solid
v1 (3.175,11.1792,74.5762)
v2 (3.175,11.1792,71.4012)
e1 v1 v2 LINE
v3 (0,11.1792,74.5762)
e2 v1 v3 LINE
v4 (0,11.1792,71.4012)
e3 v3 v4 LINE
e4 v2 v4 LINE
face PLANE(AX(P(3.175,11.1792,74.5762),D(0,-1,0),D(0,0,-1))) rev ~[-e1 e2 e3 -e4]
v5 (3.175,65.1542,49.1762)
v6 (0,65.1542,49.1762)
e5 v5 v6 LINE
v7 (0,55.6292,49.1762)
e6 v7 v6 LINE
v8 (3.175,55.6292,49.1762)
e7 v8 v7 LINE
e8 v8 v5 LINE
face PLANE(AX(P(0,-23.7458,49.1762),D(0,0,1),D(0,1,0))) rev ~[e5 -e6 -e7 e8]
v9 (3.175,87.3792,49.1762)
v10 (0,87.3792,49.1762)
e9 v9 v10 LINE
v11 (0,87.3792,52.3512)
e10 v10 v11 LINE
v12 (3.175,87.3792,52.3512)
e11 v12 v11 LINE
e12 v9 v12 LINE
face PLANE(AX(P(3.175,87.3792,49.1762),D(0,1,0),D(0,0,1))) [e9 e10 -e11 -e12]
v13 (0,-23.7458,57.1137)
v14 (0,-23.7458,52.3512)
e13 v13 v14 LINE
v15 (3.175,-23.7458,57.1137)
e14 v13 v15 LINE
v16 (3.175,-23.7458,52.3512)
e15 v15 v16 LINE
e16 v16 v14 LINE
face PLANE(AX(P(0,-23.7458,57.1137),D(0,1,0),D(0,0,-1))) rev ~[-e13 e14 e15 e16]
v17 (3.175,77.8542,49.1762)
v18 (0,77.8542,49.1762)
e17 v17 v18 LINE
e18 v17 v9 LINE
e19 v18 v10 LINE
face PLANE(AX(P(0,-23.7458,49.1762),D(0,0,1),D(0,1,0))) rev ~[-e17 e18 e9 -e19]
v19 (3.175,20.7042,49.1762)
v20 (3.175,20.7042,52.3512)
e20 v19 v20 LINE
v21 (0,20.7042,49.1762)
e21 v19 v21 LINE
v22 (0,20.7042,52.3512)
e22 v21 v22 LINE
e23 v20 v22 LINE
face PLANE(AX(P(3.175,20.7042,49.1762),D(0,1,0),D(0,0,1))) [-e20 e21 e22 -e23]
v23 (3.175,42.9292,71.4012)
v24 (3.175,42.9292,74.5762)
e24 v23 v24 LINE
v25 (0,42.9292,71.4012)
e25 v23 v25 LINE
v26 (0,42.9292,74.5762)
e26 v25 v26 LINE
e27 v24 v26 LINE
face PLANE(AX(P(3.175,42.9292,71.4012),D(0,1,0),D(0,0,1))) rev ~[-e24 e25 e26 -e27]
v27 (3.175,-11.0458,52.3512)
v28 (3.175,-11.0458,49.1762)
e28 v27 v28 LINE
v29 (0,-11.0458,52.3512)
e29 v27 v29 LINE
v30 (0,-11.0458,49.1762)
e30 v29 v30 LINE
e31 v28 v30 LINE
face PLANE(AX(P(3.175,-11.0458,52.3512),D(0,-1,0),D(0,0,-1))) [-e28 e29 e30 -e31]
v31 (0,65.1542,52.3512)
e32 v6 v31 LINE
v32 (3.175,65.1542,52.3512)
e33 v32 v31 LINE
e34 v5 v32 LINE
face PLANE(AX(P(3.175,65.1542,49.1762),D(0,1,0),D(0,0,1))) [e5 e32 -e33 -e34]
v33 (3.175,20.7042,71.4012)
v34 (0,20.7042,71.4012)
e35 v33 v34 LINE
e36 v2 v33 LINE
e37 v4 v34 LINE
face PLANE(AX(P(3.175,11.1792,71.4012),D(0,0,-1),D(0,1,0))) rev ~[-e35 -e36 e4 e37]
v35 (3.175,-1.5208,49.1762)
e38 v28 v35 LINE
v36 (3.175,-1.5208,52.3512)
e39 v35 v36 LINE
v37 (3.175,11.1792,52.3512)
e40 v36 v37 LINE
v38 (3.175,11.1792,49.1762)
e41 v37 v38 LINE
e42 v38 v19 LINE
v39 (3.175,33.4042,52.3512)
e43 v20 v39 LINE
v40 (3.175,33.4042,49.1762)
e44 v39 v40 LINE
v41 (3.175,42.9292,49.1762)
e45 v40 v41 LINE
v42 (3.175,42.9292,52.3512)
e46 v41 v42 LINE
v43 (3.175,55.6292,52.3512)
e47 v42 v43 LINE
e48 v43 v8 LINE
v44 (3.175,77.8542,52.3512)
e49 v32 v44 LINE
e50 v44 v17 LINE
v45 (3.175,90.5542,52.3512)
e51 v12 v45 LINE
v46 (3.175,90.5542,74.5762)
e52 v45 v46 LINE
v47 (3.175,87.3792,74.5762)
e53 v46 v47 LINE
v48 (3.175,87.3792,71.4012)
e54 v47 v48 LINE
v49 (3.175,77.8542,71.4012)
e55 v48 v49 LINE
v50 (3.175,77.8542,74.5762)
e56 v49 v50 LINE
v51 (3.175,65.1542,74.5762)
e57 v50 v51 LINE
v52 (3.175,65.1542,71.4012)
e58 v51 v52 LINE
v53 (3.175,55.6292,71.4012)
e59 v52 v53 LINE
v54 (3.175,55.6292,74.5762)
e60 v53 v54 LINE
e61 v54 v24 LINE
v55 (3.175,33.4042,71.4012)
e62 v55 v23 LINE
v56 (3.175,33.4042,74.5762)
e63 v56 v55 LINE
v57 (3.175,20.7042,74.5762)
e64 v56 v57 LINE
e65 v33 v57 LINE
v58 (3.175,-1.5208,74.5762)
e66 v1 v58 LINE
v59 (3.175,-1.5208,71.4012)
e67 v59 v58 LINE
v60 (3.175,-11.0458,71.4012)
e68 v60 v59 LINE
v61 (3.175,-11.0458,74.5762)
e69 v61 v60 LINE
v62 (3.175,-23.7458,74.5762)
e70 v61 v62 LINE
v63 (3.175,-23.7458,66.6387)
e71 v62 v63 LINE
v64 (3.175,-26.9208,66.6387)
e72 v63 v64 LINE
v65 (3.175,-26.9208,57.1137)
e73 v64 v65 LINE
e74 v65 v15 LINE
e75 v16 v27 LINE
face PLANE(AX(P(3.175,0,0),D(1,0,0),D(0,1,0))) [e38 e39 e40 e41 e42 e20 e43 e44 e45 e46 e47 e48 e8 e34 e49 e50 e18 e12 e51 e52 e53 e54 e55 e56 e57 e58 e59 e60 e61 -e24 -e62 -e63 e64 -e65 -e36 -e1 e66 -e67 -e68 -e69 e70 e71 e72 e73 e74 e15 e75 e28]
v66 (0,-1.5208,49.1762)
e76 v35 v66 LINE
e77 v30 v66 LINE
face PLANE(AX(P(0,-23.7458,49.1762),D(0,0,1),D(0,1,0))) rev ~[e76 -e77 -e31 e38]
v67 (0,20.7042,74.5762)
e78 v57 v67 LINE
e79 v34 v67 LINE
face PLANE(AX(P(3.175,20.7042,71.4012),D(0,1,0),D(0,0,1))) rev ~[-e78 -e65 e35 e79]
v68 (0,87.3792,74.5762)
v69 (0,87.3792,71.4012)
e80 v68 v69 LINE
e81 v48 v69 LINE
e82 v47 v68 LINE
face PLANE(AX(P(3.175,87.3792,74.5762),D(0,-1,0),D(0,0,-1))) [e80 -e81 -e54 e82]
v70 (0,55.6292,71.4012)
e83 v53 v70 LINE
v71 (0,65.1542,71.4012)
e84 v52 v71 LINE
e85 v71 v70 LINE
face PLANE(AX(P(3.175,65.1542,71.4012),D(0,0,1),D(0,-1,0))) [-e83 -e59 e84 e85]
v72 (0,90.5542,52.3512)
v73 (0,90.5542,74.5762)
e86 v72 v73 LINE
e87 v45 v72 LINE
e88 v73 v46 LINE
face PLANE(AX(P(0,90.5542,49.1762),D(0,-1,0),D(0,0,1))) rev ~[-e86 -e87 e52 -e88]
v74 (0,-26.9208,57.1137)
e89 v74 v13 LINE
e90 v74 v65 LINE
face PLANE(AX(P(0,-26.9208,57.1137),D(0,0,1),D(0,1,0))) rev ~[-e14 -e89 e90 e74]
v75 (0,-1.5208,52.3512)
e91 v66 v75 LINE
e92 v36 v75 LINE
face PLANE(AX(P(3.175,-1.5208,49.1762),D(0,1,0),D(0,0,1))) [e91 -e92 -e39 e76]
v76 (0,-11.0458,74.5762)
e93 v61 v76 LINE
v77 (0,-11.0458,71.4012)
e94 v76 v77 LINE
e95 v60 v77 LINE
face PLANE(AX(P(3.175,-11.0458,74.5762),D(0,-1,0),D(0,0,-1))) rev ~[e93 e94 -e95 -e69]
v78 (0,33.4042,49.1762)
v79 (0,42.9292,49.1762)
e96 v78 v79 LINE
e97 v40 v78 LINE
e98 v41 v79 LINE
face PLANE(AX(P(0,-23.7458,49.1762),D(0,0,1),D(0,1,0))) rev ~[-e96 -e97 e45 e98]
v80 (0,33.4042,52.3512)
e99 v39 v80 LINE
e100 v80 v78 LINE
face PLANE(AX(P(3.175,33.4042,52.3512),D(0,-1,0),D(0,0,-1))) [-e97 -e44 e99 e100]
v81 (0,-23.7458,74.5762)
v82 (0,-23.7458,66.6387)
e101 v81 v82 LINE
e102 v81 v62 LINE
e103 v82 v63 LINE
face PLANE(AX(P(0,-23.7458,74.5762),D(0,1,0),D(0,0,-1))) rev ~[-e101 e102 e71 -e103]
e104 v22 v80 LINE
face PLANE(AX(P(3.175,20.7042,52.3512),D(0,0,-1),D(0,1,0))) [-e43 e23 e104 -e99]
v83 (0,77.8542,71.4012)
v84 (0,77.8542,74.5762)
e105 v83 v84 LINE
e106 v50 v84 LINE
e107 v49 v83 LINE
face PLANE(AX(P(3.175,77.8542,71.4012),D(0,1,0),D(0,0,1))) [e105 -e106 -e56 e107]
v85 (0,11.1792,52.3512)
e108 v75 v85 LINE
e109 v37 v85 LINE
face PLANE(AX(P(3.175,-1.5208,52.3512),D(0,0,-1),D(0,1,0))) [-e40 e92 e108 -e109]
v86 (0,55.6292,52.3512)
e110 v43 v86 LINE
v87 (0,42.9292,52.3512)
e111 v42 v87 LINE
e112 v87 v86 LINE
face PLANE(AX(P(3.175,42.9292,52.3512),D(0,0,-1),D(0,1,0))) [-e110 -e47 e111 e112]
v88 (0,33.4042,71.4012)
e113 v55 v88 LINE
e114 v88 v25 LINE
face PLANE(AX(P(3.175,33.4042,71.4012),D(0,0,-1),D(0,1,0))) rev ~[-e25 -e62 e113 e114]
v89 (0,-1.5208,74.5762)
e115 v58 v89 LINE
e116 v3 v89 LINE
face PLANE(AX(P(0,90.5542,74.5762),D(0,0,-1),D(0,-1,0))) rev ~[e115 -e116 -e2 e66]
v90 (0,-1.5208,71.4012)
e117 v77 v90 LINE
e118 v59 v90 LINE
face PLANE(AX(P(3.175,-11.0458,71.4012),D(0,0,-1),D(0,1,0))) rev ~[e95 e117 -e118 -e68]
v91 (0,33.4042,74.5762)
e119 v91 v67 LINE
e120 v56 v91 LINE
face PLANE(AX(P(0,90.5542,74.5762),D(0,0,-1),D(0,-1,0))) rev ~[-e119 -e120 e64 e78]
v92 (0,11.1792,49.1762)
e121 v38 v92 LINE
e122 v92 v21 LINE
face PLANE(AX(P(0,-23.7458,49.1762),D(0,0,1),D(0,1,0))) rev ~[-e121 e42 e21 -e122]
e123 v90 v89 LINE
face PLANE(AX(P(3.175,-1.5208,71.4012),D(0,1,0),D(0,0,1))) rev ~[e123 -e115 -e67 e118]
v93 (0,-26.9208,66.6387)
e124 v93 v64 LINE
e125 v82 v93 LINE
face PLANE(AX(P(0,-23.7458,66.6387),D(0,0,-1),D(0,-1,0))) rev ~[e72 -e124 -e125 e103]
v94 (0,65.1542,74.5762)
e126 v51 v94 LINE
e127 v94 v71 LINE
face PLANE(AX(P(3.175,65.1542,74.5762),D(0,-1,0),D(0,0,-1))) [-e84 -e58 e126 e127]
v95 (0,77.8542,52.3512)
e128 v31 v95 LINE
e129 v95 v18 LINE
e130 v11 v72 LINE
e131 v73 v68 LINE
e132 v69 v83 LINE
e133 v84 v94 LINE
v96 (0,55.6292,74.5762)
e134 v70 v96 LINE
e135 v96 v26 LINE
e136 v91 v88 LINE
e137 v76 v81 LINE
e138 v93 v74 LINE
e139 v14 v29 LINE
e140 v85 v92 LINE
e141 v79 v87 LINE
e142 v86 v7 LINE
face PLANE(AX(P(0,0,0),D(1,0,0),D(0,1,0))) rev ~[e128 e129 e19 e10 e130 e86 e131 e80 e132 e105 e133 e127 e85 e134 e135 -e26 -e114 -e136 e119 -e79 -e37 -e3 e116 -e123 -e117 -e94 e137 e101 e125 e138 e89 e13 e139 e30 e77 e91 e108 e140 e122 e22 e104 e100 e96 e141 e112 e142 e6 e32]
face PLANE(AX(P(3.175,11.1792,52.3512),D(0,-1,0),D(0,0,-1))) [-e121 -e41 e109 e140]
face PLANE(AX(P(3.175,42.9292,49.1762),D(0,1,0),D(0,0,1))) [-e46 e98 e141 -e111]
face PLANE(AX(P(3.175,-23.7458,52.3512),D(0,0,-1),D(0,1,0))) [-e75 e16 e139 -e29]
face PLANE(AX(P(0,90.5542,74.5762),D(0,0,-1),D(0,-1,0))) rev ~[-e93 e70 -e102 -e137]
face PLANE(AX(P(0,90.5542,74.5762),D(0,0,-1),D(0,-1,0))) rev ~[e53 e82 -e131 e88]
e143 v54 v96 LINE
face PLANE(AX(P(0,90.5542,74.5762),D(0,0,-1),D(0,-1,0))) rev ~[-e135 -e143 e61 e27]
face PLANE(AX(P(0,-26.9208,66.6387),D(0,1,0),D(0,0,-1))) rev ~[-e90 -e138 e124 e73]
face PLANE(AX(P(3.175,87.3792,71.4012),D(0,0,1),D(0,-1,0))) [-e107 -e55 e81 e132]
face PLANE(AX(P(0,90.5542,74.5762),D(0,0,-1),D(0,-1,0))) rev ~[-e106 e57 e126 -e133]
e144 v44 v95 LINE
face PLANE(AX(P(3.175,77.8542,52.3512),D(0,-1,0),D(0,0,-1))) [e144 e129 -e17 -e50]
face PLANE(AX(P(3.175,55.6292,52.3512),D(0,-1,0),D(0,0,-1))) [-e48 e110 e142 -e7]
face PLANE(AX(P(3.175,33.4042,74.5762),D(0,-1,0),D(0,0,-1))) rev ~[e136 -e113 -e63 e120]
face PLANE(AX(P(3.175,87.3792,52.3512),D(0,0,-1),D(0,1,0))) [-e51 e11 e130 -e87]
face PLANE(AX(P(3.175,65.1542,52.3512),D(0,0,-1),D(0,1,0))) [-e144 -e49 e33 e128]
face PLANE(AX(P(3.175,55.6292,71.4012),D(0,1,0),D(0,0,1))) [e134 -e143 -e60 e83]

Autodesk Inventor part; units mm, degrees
ref_plane "YZ Plane" through (0, 0, 0) normal (1, 0, 0) x (0, 1, 0)
ref_plane "XZ Plane" through (0, 0, 0) normal (0, 1, 0) x (-1, 0, 0)
ref_plane "XY Plane" through (0, 0, 0) normal (0, 0, 1) x (1, 0, 0)
sketch "Sketch1" plane through (0, 0, 0) normal (1, 0, 0) x (0, 1, 0)
  line L0 (90.5542, 74.5762) -> (-23.7458, 74.5762)
  line L1 (-23.7458, 74.5762) -> (-23.7458, 49.1762)
  line L2 (-23.7458, 49.1762) -> (90.5542, 49.1762)
  line L3 (90.5542, 49.1762) -> (90.5542, 74.5762)
  line L4 (-23.7458, 66.6387) -> (-26.9208, 66.6387)
  line L5 (-26.9208, 66.6387) -> (-26.9208, 57.1137)
  line L6 (-26.9208, 57.1137) -> (-23.7458, 57.1137)
  line L7 (-23.7458, 57.1137) -> (-23.7458, 66.6387)
  point P0 (0, 0)
  dimension "d0" = 25.4
  dimension "d1" = 114.3
  dimension "d4" = 3.175
  dimension "d5" = 7.9375
  dimension "d6" = 7.9375
extrude "Extrusion2" add sketch "Sketch1" along normal blind 3.175
sketch "Sketch4" plane through (3.175, 0, 0) normal (1, 0, 0) x (0, 0, -1)
  line L0 (-49.1762, 90.5542) -> (-74.5762, 90.5542) projected
  line L1 (-66.6387, 90.5542) -> (-57.1137, 90.5542)
  line L2 (-57.1137, 90.5542) -> (-57.1137, 87.3792)
  line L3 (-57.1137, 87.3792) -> (-66.6387, 87.3792)
  line L4 (-66.6387, 87.3792) -> (-66.6387, 90.5542)
  line L5 (-49.1762, -23.7458) -> (-49.1762, 90.5542) projected
  line L6 (-74.5762, 90.5542) -> (-74.5762, -23.7458) projected
  line L7 (-74.5762, -11.0458) -> (-71.4012, -11.0458)
  line L8 (-71.4012, -11.0458) -> (-71.4012, -1.5208)
  line L9 (-71.4012, -1.5208) -> (-74.5762, -1.5208)
  line L10 (-74.5762, -1.5208) -> (-74.5762, -11.0458)
  line L11 (-74.5762, -23.7458) -> (-66.6387, -23.7458) projected
  line L12 (-74.5762, 11.1792) -> (-71.4012, 11.1792)
  line L13 (-71.4012, 11.1792) -> (-71.4012, 20.7042)
  line L14 (-71.4012, 20.7042) -> (-74.5762, 20.7042)
  line L15 (-74.5762, 20.7042) -> (-74.5762, 11.1792)
  line L16 (-74.5762, 33.4042) -> (-71.4012, 33.4042)
  line L17 (-71.4012, 33.4042) -> (-71.4012, 42.9292)
  line L18 (-71.4012, 42.9292) -> (-74.5762, 42.9292)
  line L19 (-74.5762, 42.9292) -> (-74.5762, 33.4042)
  line L20 (-71.4012, 55.6292) -> (-74.5762, 55.6292)
  line L21 (-74.5762, 55.6292) -> (-74.5762, 65.1542)
  line L22 (-74.5762, 65.1542) -> (-71.4012, 65.1542)
  line L23 (-71.4012, 65.1542) -> (-71.4012, 55.6292)
  line L24 (-71.4012, 77.8542) -> (-74.5762, 77.8542)
  line L25 (-74.5762, 77.8542) -> (-74.5762, 87.3792)
  line L26 (-74.5762, 87.3792) -> (-71.4012, 87.3792)
  line L27 (-71.4012, 87.3792) -> (-71.4012, 77.8542)
  line L28 (-49.1762, -23.7458) -> (-52.3512, -23.7458)
  line L29 (-52.3512, -23.7458) -> (-52.3512, -11.0458)
  line L30 (-52.3512, -11.0458) -> (-49.1762, -11.0458)
  line L31 (-49.1762, -11.0458) -> (-49.1762, -23.7458)
  line L32 (-49.1762, -1.5208) -> (-52.3512, -1.5208)
  line L33 (-52.3512, -1.5208) -> (-52.3512, 11.1792)
  line L34 (-52.3512, 11.1792) -> (-49.1762, 11.1792)
  line L35 (-49.1762, 11.1792) -> (-49.1762, -1.5208)
  line L36 (-49.1762, 20.7042) -> (-52.3512, 20.7042)
  line L37 (-52.3512, 20.7042) -> (-52.3512, 33.4042)
  line L38 (-52.3512, 33.4042) -> (-49.1762, 33.4042)
  line L39 (-49.1762, 33.4042) -> (-49.1762, 20.7042)
  line L40 (-49.1762, 42.9292) -> (-52.3512, 42.9292)
  line L41 (-52.3512, 42.9292) -> (-52.3512, 55.6292)
  line L42 (-52.3512, 55.6292) -> (-49.1762, 55.6292)
  line L43 (-49.1762, 55.6292) -> (-49.1762, 42.9292)
  line L44 (-49.1762, 65.1542) -> (-52.3512, 65.1542)
  line L45 (-52.3512, 65.1542) -> (-52.3512, 77.8542)
  line L46 (-52.3512, 77.8542) -> (-49.1762, 77.8542)
  line L47 (-49.1762, 77.8542) -> (-49.1762, 65.1542)
  line L48 (-49.1762, 87.3792) -> (-52.3512, 87.3792)
  line L49 (-52.3512, 87.3792) -> (-52.3512, 90.5542)
  line L50 (-52.3512, 90.5542) -> (-49.1762, 90.5542)
  line L51 (-49.1762, 90.5542) -> (-49.1762, 87.3792)
  point P0 (0, 0)
  dimension "d30" = 3.175
  dimension "d31" = 7.9375
  dimension "d32" = 7.9375
  dimension "d33" = 3.175
  dimension "d34" = 9.525
  dimension "d35" = 12.7
  dimension "d36" = 9.525
  dimension "d37" = 12.7
  dimension "d38" = 9.525
  dimension "d39" = 12.7
  dimension "d40" = 9.525
  dimension "d41" = 12.7
  dimension "d42" = 12.7
  dimension "d43" = 9.525
  dimension "d44" = 3.175
extrude "Extrusion5" cut sketch "Sketch4" against normal blind 3.175 contours L5 L48 L49 L0 | L5 L28 L29 L30 | L5 L32 L33 L34 | L5 L36 L37 L38 | L5 L40 L41 L42 | L5 L44 L45 L46 | L9 L8 L7 L6 | L14 L13 L12 L6 | L18 L17 L16 L6 | L22 L23 L20 L6 | L26 L27 L24 L6
